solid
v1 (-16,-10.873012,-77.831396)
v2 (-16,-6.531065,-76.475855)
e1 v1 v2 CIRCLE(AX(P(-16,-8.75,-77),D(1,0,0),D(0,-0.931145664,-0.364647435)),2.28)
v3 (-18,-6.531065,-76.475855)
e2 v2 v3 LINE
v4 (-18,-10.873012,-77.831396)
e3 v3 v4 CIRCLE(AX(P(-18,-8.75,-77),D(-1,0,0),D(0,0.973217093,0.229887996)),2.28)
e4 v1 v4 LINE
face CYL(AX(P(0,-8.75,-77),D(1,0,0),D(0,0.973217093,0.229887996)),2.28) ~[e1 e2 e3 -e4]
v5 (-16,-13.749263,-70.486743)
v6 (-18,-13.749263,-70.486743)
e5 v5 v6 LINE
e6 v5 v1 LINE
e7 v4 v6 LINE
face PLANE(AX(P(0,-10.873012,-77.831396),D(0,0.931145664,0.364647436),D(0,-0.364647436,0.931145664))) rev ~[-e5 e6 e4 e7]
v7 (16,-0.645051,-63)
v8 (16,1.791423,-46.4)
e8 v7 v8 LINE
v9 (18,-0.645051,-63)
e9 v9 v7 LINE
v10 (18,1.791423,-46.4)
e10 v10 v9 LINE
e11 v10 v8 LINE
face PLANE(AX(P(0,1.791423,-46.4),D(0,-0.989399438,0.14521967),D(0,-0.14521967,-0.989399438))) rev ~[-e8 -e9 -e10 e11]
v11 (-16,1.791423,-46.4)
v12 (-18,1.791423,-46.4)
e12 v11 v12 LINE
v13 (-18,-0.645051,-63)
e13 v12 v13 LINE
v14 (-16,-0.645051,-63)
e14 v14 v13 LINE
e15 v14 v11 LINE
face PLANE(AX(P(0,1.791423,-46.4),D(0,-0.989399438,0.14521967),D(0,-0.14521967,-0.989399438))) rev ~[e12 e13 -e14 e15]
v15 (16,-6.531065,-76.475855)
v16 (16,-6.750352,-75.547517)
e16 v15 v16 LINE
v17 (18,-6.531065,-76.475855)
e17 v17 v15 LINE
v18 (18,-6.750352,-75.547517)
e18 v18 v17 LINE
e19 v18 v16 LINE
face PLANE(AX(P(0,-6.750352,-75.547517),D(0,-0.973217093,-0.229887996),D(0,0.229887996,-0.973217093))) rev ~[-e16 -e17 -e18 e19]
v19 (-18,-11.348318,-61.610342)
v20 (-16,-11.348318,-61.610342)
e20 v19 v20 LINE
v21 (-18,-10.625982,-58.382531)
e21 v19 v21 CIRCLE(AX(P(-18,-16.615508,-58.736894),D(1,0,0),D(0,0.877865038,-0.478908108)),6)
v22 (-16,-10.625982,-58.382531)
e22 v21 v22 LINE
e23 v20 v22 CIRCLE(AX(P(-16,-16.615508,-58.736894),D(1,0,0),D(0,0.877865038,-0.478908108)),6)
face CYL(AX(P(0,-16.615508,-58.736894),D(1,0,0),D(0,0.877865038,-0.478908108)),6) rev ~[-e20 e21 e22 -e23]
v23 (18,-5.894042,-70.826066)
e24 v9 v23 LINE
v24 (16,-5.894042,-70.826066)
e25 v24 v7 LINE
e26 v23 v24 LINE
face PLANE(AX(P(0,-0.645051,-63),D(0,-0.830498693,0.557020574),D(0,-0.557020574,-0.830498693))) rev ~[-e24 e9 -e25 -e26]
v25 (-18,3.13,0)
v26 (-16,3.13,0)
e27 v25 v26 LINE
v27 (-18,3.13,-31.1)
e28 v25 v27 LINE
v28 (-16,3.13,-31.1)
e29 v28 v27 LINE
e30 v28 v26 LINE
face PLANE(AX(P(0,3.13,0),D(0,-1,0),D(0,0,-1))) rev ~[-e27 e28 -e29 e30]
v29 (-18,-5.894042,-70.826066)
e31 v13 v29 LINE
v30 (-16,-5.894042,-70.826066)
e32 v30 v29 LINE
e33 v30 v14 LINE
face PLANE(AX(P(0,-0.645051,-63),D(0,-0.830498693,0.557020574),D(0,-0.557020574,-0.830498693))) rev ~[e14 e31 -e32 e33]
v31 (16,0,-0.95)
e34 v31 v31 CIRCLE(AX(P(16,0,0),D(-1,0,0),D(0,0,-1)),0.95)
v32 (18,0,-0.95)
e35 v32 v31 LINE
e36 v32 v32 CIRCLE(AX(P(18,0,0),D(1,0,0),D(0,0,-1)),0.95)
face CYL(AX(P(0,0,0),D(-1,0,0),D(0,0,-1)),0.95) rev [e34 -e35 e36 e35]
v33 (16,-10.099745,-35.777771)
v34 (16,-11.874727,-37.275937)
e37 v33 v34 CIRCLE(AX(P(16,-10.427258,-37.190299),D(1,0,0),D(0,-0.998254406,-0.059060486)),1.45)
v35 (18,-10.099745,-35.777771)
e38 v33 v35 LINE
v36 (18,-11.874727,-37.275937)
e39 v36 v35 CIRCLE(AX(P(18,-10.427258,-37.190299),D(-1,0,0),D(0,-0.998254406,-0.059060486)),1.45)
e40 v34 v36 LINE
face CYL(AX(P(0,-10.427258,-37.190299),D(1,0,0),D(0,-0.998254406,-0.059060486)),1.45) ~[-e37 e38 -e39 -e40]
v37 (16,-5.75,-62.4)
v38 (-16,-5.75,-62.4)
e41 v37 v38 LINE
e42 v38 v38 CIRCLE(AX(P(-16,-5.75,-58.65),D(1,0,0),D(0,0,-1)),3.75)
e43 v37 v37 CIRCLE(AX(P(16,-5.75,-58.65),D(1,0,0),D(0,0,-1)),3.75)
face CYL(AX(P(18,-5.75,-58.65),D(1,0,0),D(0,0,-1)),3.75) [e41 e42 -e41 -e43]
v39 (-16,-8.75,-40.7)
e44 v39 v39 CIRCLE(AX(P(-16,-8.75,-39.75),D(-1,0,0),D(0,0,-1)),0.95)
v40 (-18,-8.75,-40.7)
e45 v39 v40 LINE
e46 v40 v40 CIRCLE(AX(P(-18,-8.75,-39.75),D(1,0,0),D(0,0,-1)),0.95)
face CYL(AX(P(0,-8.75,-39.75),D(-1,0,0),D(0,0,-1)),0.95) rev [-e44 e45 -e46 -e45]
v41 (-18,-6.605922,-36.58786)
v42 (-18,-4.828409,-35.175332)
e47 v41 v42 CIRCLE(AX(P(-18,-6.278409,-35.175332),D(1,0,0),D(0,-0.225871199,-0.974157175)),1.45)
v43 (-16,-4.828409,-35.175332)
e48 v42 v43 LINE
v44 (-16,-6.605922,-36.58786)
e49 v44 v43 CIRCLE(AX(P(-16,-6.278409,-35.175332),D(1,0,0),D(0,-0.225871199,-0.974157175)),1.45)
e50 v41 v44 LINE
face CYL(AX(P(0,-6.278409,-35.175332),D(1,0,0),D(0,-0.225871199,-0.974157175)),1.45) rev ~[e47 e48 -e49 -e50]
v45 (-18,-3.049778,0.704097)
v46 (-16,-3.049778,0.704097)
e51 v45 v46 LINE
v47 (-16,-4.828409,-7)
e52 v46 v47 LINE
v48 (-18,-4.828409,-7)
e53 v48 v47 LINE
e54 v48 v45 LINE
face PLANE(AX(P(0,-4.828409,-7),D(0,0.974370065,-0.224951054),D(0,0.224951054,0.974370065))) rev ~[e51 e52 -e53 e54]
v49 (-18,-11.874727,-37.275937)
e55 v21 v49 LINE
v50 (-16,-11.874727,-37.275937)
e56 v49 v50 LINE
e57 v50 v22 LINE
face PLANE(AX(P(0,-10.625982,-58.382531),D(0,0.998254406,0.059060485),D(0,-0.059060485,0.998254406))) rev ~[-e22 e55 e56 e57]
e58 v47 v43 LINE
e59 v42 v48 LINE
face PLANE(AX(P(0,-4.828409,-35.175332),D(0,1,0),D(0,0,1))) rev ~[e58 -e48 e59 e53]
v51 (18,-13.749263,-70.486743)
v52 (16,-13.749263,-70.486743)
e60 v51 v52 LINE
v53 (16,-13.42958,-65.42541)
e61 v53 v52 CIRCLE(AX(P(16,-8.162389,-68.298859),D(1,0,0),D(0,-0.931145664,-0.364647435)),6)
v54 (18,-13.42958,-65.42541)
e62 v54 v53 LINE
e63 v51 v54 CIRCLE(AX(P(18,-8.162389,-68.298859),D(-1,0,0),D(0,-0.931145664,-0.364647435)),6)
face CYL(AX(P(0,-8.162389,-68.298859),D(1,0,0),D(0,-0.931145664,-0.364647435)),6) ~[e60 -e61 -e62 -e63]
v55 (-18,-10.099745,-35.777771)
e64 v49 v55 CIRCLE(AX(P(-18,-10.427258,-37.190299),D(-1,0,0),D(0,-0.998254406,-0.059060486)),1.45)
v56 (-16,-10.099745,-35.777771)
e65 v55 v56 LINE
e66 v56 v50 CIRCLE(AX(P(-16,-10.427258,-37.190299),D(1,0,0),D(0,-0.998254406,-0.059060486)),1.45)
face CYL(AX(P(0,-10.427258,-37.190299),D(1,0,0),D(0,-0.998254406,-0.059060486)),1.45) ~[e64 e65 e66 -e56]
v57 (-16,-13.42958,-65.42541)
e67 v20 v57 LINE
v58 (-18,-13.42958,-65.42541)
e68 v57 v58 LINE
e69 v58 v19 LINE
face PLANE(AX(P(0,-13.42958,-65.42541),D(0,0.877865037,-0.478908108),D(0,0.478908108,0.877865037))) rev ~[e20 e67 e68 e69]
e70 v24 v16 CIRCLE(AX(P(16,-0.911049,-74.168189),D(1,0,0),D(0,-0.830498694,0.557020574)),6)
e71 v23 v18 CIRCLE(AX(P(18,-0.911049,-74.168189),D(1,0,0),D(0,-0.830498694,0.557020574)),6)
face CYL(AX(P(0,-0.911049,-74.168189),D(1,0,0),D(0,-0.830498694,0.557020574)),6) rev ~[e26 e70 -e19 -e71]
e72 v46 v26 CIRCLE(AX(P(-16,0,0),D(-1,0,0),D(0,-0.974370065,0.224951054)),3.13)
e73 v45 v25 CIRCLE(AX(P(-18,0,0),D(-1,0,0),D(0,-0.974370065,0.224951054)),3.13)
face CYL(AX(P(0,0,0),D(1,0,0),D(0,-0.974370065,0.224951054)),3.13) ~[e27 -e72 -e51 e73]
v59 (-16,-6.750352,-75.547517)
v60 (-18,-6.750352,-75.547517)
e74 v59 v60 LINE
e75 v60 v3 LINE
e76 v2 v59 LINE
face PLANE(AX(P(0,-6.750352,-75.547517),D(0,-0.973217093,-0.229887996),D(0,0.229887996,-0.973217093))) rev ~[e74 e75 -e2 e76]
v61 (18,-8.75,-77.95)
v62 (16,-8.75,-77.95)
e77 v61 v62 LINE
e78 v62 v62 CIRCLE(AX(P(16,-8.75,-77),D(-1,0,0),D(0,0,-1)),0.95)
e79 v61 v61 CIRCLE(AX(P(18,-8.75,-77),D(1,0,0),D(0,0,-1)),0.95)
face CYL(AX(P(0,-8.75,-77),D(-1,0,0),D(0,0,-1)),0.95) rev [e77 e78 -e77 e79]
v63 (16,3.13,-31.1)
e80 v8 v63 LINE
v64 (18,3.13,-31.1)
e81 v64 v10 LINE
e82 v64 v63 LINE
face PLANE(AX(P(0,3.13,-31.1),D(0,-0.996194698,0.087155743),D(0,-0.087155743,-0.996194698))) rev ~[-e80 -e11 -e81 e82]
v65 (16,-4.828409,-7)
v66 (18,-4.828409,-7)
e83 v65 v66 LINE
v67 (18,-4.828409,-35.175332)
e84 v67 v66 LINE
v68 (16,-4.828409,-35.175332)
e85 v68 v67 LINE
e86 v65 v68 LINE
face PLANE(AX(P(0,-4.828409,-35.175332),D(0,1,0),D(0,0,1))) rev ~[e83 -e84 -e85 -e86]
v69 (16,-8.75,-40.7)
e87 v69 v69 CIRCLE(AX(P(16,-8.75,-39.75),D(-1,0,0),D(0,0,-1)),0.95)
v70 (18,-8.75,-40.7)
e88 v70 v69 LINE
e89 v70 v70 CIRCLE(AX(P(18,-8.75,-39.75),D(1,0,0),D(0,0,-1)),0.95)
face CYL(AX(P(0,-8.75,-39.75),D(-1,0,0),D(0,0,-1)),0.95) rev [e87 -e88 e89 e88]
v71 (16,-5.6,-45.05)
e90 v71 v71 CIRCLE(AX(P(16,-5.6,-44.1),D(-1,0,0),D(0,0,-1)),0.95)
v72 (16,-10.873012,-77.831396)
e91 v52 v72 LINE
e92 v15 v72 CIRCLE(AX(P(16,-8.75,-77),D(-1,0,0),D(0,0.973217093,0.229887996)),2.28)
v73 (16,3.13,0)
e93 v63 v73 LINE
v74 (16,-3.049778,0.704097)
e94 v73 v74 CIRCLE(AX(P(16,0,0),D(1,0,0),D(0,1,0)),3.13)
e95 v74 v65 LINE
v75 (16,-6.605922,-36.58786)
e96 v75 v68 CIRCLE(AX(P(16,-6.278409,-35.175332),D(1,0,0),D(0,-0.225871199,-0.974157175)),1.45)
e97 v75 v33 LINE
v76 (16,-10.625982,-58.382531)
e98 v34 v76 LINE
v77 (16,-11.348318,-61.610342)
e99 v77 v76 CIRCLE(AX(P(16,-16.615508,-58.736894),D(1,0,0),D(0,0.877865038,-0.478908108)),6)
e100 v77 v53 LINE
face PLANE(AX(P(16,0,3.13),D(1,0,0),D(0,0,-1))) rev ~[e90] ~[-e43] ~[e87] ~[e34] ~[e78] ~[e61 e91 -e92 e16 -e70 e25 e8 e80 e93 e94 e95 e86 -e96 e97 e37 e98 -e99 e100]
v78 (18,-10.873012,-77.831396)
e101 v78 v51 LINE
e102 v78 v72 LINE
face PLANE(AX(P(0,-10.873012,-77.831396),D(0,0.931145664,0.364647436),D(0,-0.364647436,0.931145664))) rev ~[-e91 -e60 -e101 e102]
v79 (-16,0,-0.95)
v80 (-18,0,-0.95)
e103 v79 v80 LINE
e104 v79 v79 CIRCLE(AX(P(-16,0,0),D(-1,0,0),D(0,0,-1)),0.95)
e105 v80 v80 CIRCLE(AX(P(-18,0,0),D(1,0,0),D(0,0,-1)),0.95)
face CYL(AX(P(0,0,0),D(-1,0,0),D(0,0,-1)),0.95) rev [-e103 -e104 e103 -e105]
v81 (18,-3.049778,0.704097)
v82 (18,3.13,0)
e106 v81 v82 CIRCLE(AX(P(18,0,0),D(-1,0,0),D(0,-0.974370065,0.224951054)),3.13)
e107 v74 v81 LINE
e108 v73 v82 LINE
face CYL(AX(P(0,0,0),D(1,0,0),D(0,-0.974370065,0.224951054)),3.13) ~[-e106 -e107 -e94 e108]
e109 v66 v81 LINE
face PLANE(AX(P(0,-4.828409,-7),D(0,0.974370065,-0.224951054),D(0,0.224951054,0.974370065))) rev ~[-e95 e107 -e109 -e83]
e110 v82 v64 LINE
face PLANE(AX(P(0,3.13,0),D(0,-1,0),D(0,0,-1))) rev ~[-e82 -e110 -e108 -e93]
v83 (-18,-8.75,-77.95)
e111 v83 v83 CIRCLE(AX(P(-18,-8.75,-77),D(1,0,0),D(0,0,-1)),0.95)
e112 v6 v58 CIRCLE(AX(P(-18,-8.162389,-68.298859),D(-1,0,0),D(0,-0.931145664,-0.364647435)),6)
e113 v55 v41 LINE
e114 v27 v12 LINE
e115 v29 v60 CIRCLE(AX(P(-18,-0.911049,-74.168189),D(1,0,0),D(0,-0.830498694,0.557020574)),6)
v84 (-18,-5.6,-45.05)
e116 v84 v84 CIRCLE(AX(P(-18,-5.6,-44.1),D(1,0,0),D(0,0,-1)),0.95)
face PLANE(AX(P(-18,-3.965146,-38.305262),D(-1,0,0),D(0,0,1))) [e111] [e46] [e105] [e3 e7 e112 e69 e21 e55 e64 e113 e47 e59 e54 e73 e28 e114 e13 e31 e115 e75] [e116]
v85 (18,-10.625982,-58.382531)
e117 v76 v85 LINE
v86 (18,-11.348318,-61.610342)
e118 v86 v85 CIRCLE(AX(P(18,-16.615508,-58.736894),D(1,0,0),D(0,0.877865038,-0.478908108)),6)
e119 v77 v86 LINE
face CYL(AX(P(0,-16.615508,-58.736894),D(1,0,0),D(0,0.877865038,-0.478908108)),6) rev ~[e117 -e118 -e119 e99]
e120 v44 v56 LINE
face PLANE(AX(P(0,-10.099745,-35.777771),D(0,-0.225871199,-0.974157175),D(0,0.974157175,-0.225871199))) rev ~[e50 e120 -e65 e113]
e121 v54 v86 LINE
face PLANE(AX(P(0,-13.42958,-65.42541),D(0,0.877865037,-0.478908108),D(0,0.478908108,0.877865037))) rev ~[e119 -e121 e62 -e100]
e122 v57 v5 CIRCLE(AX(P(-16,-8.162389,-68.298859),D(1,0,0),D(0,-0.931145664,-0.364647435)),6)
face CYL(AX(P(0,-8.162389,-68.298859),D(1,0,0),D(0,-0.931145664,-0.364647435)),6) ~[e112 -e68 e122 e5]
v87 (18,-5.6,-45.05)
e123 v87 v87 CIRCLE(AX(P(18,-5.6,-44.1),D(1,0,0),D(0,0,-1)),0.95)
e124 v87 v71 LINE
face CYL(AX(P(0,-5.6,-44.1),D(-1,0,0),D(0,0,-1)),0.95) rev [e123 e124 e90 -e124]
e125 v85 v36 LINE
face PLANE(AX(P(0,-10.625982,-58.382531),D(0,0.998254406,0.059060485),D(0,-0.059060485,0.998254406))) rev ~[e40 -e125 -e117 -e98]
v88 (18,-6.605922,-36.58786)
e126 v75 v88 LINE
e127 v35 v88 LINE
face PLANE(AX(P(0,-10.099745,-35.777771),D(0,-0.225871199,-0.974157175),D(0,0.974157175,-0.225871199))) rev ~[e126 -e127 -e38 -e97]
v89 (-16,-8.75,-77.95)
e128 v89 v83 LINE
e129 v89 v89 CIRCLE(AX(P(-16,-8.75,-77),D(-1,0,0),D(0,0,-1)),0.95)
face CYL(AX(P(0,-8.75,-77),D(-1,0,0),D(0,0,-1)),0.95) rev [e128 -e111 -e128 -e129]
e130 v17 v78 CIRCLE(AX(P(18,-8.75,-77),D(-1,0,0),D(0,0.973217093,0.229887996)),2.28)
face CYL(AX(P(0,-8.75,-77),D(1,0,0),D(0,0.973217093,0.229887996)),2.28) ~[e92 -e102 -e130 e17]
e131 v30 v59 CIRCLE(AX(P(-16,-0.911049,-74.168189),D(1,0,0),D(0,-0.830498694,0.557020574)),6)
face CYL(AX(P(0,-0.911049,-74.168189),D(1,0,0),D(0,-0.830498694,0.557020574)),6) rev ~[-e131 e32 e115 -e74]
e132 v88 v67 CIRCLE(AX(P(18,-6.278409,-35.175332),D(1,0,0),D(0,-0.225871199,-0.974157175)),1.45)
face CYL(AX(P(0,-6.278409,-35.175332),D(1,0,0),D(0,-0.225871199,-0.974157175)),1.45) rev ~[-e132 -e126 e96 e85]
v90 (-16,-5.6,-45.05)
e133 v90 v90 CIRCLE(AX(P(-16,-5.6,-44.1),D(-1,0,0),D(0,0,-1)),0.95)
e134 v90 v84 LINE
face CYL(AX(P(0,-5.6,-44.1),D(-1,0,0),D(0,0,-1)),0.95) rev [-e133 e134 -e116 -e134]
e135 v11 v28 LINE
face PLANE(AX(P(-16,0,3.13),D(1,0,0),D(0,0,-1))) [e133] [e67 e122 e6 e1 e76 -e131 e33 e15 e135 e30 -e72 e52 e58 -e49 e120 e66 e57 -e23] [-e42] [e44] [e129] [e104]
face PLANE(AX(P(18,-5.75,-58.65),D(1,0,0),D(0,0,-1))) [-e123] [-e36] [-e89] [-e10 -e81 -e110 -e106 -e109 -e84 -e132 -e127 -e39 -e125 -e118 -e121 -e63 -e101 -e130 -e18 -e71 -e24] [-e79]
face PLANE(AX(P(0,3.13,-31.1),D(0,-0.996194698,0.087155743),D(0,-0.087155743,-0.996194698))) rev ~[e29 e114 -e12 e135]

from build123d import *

# Parameters (mm, degrees)
SKETCH1_R           = 0.95
BOSS_EXTRUDE1_DEPTH = 18
SKETCH2_W           = 32
SKETCH2_H           = 82.41
CUT_EXTRUDE1_DEPTH  = 18
SKETCH3_R           = 3.75
BOSS_EXTRUDE2_DEPTH = 34


with BuildPart() as part:
    # Sketch1 → Boss-Extrude1 (new, symmetric)
    with BuildSketch(Plane(origin=(0, 0, 0), x_dir=(0, 0, -1), z_dir=(1, 0, 0))):
        with BuildLine():
            Line((0, 3.13), (31.1, 3.13))
            Line((31.1, 3.13), (46.4, 1.791423448))
            Line((46.4, 1.791423448), (63, -0.645051075))
            Line((63, -0.645051075), (70.82606591, -5.894041546))
            ThreePointArc((70.82606591, -5.894041546), (73.097461385, -6.814738199), (75.547517331, -6.750351941))
            Line((75.547517331, -6.750351941), (76.475855369, -6.531065029))
            ThreePointArc((76.475855369, -6.531065029), (79.176402306, -8.070534767), (77.831396153, -10.873012114))
            Line((77.831396153, -10.873012114), (70.486743317, -13.749263303))
            ThreePointArc((70.486743317, -13.749263303), (67.920640594, -14.150456708), (65.425410054, -13.429579543))
            Line((65.425410054, -13.429579543), (61.610342493, -11.348317948))
            ThreePointArc((61.610342493, -11.348317948), (60.047195579, -10.760330177), (58.382530932, -10.625981737))
            Line((58.382530932, -10.625981737), (37.275936798, -11.874727235))
            ThreePointArc((37.275936798, -11.874727235), (36.082237819, -11.362512436), (35.77777119, -10.099745108))
            Line((35.77777119, -10.099745108), (36.587860094, -6.605922434))
            ThreePointArc((36.587860094, -6.605922434), (36.310540144, -5.376298946), (35.17533219, -4.828409195))
            Line((35.17533219, -4.828409195), (7, -4.828409195))
            Line((7, -4.828409195), (-0.7040968, -3.049778303))
            ThreePointArc((-0.7040968, -3.049778303), (-3.109879908, 0.354326059), (0, 3.13))
        make_face()
        Circle(SKETCH1_R, mode=Mode.SUBTRACT)
        with Locations((77, -8.75)):
            Circle(SKETCH1_R, mode=Mode.SUBTRACT)
        with Locations((39.75, -8.75)):
            Circle(SKETCH1_R, mode=Mode.SUBTRACT)
        with Locations((44.1, -5.6)):
            Circle(SKETCH1_R, mode=Mode.SUBTRACT)
    extrude(amount=BOSS_EXTRUDE1_DEPTH, both=True)

    # Sketch2 → Cut-Extrude1 (cut, symmetric)
    with BuildSketch(Plane(origin=(0, 0, 0), x_dir=(1, 0, 0), z_dir=(0, 1, 0))):
        with Locations((0, 38.075)):
            Rectangle(SKETCH2_W, SKETCH2_H)
    extrude(amount=CUT_EXTRUDE1_DEPTH, both=True, mode=Mode.SUBTRACT)


with BuildPart() as cut_extrude1_piece_1:
    # of the separate pieces the step leaves, piece 1, a body of its own (cut_extrude1_pieces)
    add(part.part.solids().sort_by_distance((16, -4.828409195, -35.17533219))[0])



with BuildPart() as cut_extrude1_piece_2:
    # of the separate pieces the step leaves, piece 2, a body of its own (cut_extrude1_pieces)
    add(part.part.solids().sort_by_distance((-18, -4.828409195, -35.17533219))[0])


with BuildPart() as cut_extrude1_piece_1_1:
    add(cut_extrude1_piece_1.part)

    add(cut_extrude1_piece_2.part)  # Boss-Extrude2 merges Cut-Extrude1 piece 2
    # Sketch3 → Boss-Extrude2 (add)
    with BuildSketch(Plane(origin=(18, 0, 0), x_dir=(0, 0, -1), z_dir=(1, 0, 0))):
        with Locations((58.65, -5.75)):
            Circle(SKETCH3_R)
    extrude(amount=-BOSS_EXTRUDE2_DEPTH)


solid = cut_extrude1_piece_1_1.part
